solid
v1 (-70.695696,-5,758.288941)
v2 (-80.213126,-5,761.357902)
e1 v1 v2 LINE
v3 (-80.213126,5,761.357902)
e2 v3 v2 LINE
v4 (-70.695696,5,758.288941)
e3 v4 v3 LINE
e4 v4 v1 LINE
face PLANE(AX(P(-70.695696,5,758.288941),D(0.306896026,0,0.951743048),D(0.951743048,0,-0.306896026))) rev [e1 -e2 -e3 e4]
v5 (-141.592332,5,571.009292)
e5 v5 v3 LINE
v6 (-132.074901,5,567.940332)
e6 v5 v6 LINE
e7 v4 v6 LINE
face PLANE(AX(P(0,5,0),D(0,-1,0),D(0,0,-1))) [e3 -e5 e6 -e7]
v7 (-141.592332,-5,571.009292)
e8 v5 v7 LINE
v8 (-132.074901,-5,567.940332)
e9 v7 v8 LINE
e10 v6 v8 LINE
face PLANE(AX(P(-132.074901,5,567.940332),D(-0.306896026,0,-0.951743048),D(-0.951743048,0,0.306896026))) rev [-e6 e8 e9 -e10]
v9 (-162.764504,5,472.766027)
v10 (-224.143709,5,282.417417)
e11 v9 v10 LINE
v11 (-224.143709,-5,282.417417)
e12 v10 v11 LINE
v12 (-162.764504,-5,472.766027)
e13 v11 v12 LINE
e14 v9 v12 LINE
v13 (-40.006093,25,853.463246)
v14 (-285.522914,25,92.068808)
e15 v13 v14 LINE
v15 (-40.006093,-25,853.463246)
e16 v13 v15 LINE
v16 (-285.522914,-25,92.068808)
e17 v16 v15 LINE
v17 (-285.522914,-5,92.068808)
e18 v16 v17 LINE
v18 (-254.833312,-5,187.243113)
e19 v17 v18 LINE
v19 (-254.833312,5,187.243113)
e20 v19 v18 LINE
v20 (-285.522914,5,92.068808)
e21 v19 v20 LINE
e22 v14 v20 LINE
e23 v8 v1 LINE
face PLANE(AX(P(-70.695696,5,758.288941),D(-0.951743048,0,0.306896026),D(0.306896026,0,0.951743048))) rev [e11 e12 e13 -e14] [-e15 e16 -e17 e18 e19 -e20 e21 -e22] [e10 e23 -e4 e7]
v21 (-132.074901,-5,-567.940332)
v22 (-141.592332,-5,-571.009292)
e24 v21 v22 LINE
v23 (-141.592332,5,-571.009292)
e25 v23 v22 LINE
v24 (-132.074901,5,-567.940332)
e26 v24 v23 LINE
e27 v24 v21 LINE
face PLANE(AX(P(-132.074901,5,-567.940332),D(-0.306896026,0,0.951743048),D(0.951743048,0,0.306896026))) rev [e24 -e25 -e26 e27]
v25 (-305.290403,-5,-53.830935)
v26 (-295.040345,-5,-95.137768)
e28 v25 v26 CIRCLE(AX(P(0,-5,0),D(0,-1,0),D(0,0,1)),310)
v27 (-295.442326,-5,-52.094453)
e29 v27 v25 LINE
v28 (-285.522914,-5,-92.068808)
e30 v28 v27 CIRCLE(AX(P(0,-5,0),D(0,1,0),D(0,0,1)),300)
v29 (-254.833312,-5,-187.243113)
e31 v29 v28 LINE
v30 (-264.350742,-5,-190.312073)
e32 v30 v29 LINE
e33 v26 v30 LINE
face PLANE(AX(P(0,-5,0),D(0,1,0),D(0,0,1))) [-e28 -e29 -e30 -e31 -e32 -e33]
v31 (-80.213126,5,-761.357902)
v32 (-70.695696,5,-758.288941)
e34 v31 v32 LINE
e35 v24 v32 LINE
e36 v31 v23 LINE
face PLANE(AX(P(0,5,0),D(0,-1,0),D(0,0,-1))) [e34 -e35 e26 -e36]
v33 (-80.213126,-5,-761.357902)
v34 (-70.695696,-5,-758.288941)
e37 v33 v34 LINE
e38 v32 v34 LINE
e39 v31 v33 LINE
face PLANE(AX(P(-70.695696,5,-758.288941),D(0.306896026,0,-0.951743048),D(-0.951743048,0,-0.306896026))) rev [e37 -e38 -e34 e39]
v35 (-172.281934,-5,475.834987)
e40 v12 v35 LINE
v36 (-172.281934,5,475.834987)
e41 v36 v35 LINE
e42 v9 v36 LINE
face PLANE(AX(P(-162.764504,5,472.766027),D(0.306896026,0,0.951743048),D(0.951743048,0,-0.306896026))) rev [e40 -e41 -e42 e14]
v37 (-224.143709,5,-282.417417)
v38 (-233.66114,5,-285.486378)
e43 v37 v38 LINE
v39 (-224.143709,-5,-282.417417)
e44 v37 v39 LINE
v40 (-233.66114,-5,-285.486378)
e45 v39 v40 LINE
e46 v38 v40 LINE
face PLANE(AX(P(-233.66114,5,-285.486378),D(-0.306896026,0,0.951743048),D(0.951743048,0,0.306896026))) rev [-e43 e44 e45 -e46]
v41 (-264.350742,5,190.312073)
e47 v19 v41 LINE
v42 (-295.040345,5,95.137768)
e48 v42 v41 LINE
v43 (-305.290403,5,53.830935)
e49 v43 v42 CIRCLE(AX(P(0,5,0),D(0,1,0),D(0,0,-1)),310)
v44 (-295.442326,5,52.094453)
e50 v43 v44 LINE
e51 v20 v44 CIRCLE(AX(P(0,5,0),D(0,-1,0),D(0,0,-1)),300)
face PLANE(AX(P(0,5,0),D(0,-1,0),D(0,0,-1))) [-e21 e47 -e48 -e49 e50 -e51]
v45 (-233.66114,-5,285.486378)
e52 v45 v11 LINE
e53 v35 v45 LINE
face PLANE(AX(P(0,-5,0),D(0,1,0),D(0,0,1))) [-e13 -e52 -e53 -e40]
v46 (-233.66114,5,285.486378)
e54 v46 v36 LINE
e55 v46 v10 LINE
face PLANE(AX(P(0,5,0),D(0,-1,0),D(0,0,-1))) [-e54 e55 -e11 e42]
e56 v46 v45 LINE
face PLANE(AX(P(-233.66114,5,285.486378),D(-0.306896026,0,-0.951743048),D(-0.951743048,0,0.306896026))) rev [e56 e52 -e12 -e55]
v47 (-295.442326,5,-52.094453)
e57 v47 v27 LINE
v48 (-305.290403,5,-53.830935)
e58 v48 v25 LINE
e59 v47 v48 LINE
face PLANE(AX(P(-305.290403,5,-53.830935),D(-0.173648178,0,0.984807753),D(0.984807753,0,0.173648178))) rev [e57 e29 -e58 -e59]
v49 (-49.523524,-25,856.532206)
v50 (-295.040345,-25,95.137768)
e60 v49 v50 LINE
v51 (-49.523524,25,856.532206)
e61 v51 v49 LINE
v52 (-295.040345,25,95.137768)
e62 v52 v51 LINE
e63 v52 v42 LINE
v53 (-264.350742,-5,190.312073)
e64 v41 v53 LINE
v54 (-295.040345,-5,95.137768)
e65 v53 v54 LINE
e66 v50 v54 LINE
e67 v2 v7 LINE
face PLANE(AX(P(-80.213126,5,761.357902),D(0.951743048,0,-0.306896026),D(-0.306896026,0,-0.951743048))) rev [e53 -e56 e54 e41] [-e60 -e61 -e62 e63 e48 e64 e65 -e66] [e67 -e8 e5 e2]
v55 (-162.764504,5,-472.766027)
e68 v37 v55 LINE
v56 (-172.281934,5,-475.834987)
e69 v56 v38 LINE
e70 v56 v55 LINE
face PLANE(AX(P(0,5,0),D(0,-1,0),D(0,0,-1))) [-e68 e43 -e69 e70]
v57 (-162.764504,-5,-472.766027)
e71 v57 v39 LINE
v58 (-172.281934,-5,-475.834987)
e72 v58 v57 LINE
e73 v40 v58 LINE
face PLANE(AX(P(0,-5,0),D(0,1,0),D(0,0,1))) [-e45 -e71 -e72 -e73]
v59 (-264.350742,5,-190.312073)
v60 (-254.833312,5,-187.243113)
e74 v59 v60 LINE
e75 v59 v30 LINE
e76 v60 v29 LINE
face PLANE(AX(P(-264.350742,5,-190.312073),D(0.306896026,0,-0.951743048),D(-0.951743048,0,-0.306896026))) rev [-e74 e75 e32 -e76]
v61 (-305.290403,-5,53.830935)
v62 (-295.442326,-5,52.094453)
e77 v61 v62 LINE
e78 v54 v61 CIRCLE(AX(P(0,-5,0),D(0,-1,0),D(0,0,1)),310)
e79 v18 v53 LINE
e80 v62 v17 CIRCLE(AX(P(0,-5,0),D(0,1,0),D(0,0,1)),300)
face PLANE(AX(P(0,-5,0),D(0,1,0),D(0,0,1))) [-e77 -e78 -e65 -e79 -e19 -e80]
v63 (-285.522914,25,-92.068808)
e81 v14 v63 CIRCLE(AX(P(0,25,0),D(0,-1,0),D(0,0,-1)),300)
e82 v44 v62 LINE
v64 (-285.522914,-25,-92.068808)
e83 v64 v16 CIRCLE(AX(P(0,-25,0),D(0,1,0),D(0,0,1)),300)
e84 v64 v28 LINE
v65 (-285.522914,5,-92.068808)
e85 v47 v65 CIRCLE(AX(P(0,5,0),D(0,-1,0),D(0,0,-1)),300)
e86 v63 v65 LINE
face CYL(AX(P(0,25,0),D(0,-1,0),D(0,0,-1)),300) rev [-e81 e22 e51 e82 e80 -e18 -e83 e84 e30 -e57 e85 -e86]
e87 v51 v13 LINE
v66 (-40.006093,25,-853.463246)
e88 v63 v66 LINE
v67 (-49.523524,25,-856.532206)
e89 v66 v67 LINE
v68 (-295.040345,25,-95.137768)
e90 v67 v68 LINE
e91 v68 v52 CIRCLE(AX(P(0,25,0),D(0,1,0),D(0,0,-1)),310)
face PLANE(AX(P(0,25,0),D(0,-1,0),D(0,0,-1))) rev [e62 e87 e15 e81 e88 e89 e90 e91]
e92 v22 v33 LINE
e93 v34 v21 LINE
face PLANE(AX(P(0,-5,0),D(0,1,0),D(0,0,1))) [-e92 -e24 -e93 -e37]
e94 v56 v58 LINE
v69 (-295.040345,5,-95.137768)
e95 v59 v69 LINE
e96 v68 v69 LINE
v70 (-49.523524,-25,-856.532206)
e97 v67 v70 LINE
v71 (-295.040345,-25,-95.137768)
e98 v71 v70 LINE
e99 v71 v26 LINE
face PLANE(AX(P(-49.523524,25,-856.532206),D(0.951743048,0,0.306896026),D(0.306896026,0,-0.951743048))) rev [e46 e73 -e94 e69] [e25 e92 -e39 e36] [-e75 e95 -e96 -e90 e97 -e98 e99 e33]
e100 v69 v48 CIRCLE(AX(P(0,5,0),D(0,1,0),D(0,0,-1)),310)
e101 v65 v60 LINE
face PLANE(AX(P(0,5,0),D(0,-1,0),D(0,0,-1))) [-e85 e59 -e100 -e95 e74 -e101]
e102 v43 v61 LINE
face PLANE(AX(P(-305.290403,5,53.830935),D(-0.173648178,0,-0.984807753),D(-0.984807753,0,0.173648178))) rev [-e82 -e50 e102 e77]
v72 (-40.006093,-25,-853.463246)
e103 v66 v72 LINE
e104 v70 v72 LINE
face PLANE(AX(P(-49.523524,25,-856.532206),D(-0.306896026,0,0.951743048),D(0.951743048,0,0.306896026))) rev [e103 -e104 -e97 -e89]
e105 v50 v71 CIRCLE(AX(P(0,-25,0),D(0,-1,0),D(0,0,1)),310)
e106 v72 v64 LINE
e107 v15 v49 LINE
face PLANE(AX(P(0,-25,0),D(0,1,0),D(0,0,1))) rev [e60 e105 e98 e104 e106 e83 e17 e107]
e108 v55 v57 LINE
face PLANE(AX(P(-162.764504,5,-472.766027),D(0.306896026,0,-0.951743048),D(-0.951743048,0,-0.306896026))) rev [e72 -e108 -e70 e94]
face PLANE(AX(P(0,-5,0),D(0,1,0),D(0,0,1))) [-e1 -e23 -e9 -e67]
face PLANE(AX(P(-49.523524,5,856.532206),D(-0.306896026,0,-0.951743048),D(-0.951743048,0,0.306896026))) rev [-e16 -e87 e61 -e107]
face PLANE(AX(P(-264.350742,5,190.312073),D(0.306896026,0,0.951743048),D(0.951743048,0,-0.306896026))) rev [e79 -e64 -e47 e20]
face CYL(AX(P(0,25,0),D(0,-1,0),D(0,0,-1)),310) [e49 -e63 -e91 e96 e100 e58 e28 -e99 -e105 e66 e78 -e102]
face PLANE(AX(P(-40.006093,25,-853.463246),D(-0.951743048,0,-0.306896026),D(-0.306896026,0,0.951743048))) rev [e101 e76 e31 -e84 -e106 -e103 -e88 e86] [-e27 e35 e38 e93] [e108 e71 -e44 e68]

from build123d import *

# Parameters (mm, degrees)
BOSS_EXTRUDE1_DEPTH   = 5
BOSS_EXTRUDE1_2_DEPTH = 5
BOSS_EXTRUDE1_3_DEPTH = 5
BOSS_EXTRUDE1_4_DEPTH = 5
BOSS_EXTRUDE1_5_DEPTH = 5
BOSS_EXTRUDE1_6_DEPTH = 5
BOSS_EXTRUDE1_7_DEPTH = 5
BOSS_EXTRUDE2_DEPTH   = 20
BOSS_EXTRUDE3_DEPTH   = 20


with BuildPart() as part:
    # Sketch3 → Boss-Extrude1 (new body, symmetric)
    with BuildSketch(Plane(origin=(0, 0, 0), x_dir=(1, 0, 0), z_dir=(0, 1, 0))):
        Polygon((-49.523523643, -856.532206403), (-40.006093165, -853.463246139), (-70.69569581, -758.288941363), (-80.213126288, -761.357901628), align=None)
    extrude(amount=BOSS_EXTRUDE1_DEPTH, both=True)



with BuildPart() as body_2:
    # Sketch3 → Boss-Extrude1 2 (new body, symmetric)
    with BuildSketch(Plane(origin=(0, 0, 0), x_dir=(1, 0, 0), z_dir=(0, 1, 0))):
        Polygon((-132.074901101, -567.940331812), (-141.592331578, -571.009292077), (-172.281934223, -475.834987302), (-162.764503746, -472.766027037), align=None)
    extrude(amount=BOSS_EXTRUDE1_2_DEPTH, both=True)


with BuildPart() as body_3:
    # Sketch3 → Boss-Extrude1 3 (new body, symmetric)
    with BuildSketch(Plane(origin=(0, 0, 0), x_dir=(1, 0, 0), z_dir=(0, 1, 0))):
        Polygon((-233.661139514, -285.486377751), (-224.143709036, -282.417417486), (-254.833311681, -187.243112711), (-264.350742159, -190.312072975), align=None)
    extrude(amount=BOSS_EXTRUDE1_3_DEPTH, both=True)


with BuildPart() as body_4:
    # Sketch3 → Boss-Extrude1 4 (new body, symmetric)
    with BuildSketch(Plane(origin=(0, 0, 0), x_dir=(1, 0, 0), z_dir=(0, 1, 0))):
        with BuildLine():
            Line((-305.290403434, -53.830935077), (-295.442325904, -52.0944533))
            ThreePointArc((-295.442325904, -52.0944533), (-300, 0), (-295.442325904, 52.0944533))
            Line((-295.442325904, 52.0944533), (-305.290403434, 53.830935077))
            ThreePointArc((-305.290403434, 53.830935077), (-310, 0), (-305.290403434, -53.830935077))
        make_face()
    extrude(amount=BOSS_EXTRUDE1_4_DEPTH, both=True)


with BuildPart() as body_5:
    # Sketch3 → Boss-Extrude1 5 (new body, symmetric)
    with BuildSketch(Plane(origin=(0, 0, 0), x_dir=(1, 0, 0), z_dir=(0, 1, 0))):
        Polygon((-254.833311681, 187.243112711), (-224.143709036, 282.417417486), (-233.661139514, 285.486377751), (-264.350742159, 190.312072975), align=None)
    extrude(amount=BOSS_EXTRUDE1_5_DEPTH, both=True)


with BuildPart() as body_6:
    # Sketch3 → Boss-Extrude1 6 (new body, symmetric)
    with BuildSketch(Plane(origin=(0, 0, 0), x_dir=(1, 0, 0), z_dir=(0, 1, 0))):
        Polygon((-70.69569581, 758.288941363), (-40.006093165, 853.463246139), (-49.523523643, 856.532206403), (-80.213126288, 761.357901628), align=None)
    extrude(amount=BOSS_EXTRUDE1_6_DEPTH, both=True)


with BuildPart() as body_7:
    # Sketch3 → Boss-Extrude1 7 (new body, symmetric)
    with BuildSketch(Plane(origin=(0, 0, 0), x_dir=(1, 0, 0), z_dir=(0, 1, 0))):
        Polygon((-162.764503746, 472.766027037), (-132.074901101, 567.940331812), (-141.592331578, 571.009292077), (-172.281934223, 475.834987302), align=None)
    extrude(amount=BOSS_EXTRUDE1_7_DEPTH, both=True)


with BuildPart() as part_1:
    add(part.part)

    add(body_2.part)  # Boss-Extrude2 merges body 2

    add(body_3.part)  # Boss-Extrude2 merges body 3

    add(body_4.part)  # Boss-Extrude2 merges body 4

    add(body_5.part)  # Boss-Extrude2 merges body 5

    add(body_6.part)  # Boss-Extrude2 merges body 6

    add(body_7.part)  # Boss-Extrude2 merges body 7
    # Sketch4 → Boss-Extrude2 (add)
    with BuildSketch(Plane(origin=(0, 5, 0), x_dir=(1, 0, 0), z_dir=(0, 1, 0))):
        with BuildLine():
            Line((-49.523523643, 856.532206403), (-40.006093165, 853.463246139))
            Line((-40.006093165, 853.463246139), (-285.522914326, 92.068807935))
            ThreePointArc((-285.522914326, 92.068807935), (-300, 0), (-285.522914326, -92.068807935))
            Line((-285.522914326, -92.068807935), (-40.006093165, -853.463246139))
            Line((-40.006093165, -853.463246139), (-49.523523643, -856.532206403))
            Line((-49.523523643, -856.532206403), (-295.040344804, -95.1377682))
            ThreePointArc((-295.040344804, -95.1377682), (-310, 0), (-295.040344804, 95.1377682))
            Line((-295.040344804, 95.1377682), (-49.523523643, 856.532206403))
        make_face()
    extrude(amount=BOSS_EXTRUDE2_DEPTH)

    # Sketch5 → Boss-Extrude3 (add)
    with BuildSketch(Plane.XZ.offset(5)):
        with BuildLine():
            Line((-49.523523643, 856.532206403), (-40.006093165, 853.463246139))
            Line((-40.006093165, 853.463246139), (-285.522914326, 92.068807935))
            ThreePointArc((-285.522914326, 92.068807935), (-300, 0), (-285.522914326, -92.068807935))
            Line((-285.522914326, -92.068807935), (-40.006093165, -853.463246139))
            Line((-40.006093165, -853.463246139), (-49.523523643, -856.532206403))
            Line((-49.523523643, -856.532206403), (-295.040344804, -95.1377682))
            ThreePointArc((-295.040344804, -95.1377682), (-310, 0), (-295.040344804, 95.1377682))
            Line((-295.040344804, 95.1377682), (-49.523523643, 856.532206403))
        make_face()
    extrude(amount=BOSS_EXTRUDE3_DEPTH)


solid = part_1.part
